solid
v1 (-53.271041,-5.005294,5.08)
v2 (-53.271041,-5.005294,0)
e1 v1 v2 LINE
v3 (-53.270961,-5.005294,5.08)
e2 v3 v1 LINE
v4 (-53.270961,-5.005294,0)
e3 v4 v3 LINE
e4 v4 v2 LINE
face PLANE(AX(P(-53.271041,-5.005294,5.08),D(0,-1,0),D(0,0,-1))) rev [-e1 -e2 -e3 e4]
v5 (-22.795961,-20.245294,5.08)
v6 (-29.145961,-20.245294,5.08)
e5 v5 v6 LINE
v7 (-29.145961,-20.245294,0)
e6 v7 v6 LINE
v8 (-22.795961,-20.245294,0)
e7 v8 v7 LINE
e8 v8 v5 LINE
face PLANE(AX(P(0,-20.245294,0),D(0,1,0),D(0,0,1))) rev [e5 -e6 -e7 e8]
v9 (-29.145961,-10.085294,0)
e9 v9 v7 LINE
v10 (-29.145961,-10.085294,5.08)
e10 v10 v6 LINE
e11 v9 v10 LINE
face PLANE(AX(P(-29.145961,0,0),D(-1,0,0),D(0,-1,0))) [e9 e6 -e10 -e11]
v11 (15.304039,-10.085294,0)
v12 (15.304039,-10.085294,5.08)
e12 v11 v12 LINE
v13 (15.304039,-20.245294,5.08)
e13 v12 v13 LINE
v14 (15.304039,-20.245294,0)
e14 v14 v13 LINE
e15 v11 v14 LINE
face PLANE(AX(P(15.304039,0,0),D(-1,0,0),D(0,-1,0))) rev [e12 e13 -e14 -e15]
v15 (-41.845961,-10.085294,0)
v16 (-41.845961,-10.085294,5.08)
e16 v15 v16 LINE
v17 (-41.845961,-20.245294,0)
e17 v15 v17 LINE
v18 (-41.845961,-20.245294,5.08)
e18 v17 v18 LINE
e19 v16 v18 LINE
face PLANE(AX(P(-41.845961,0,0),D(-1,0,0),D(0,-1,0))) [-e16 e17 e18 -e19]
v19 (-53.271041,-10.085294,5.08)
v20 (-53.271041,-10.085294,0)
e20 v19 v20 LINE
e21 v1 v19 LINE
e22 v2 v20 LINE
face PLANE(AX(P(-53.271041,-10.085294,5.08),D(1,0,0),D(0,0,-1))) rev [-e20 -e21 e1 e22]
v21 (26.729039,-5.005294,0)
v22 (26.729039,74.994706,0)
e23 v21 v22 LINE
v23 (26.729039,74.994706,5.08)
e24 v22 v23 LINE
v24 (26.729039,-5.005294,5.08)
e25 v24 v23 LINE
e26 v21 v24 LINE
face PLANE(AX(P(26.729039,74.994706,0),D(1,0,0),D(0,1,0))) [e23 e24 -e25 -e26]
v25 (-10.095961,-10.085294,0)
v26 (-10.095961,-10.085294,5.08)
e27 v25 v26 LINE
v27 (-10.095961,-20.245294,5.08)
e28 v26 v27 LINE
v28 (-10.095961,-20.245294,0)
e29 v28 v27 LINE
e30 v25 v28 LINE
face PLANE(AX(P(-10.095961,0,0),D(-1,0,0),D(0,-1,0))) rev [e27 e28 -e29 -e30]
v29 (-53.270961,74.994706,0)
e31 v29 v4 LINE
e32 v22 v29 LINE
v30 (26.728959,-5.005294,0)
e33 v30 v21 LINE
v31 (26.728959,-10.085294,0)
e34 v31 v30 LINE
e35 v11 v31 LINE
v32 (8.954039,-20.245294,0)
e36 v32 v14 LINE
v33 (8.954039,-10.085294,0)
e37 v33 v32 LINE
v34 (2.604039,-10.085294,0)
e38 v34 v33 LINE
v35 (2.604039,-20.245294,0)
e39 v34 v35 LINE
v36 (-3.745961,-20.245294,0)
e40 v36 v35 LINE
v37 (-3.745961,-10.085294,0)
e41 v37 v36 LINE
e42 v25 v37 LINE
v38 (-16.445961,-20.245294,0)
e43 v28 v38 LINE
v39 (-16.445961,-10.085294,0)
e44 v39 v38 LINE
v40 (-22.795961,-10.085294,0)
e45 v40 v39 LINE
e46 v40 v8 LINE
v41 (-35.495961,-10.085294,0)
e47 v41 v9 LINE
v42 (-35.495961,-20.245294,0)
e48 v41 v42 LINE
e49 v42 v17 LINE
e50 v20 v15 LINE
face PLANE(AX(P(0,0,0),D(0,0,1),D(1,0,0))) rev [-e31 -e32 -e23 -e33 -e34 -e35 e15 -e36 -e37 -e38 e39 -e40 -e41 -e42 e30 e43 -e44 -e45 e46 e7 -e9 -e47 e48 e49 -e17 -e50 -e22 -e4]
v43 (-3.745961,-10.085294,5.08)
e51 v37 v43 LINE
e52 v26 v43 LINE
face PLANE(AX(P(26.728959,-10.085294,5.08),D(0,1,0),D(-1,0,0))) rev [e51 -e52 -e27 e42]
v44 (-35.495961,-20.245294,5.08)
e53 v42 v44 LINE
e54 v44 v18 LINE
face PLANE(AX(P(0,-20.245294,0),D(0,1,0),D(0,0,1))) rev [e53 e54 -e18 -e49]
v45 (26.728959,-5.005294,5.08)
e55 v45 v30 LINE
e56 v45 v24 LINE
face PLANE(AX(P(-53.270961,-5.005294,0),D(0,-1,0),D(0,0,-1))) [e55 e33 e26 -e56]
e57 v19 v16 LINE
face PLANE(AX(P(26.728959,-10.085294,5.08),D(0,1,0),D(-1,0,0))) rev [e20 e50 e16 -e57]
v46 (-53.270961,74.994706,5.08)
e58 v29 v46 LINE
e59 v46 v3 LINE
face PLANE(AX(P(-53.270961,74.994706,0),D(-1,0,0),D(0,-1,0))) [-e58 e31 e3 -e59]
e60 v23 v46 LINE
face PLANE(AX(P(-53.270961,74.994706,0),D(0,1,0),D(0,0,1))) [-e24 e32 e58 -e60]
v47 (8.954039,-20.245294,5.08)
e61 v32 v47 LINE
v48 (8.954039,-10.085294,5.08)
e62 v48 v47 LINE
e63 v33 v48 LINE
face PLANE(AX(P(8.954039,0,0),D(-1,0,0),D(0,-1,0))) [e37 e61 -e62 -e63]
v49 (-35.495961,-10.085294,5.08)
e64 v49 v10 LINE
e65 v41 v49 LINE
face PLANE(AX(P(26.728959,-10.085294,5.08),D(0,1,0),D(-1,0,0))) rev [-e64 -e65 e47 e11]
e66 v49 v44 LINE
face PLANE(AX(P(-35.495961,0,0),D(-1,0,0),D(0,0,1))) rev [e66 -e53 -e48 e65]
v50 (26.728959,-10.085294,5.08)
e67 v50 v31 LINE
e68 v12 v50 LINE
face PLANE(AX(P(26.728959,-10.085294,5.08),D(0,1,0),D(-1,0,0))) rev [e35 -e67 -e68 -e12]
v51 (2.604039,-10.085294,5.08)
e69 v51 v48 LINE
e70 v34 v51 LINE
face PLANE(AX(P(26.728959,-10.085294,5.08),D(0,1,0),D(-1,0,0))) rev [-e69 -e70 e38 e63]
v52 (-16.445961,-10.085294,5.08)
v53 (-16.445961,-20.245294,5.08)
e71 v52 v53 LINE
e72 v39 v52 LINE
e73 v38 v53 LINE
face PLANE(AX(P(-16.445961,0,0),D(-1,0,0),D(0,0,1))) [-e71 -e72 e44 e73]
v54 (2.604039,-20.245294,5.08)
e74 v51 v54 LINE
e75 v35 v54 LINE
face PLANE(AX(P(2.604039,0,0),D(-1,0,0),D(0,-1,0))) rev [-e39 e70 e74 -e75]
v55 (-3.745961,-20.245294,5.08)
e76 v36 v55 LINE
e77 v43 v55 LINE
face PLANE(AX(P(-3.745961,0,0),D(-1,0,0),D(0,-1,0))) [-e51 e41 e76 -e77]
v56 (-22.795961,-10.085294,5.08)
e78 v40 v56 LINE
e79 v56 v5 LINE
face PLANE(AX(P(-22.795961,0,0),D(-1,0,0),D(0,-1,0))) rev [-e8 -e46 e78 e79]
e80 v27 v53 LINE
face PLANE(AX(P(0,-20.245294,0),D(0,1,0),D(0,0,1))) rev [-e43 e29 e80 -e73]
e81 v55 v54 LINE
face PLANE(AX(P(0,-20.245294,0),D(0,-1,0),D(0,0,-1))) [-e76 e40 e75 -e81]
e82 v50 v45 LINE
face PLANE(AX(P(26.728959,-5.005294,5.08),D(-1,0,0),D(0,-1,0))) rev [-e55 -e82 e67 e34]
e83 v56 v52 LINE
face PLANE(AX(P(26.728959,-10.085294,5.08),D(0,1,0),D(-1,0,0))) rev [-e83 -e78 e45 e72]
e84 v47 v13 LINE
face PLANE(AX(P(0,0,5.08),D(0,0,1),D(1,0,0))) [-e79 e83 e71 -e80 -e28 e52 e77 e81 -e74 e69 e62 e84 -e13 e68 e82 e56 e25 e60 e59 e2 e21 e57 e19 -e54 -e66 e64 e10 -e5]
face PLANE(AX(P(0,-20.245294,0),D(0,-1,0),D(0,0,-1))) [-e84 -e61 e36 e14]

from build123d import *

# Parameters (mm, degrees)
BOSS_EXTRUDE1_DEPTH = 5.08
SKETCH2_W           = 6.35
SKETCH2_H           = 10.16
SKETCH2_W_2         = 3.175
BOSS_EXTRUDE2_DEPTH = 5.08
SKETCH3_W           = 80
SKETCH3_H           = 80
BOSS_EXTRUDE3_DEPTH = 5.08


with BuildPart() as part:
    # Sketch1 → Boss-Extrude1 (new body)
    with BuildSketch(Plane.XY):
        Polygon((-32.320960724, -5.005294118), (-32.320960724, 34.994705882), (5.779039276, 34.994705882), (5.779039276, -5.005294118), (26.728959276, -5.005294118), (26.728959276, -10.085294118), (-53.271040724, -10.085294118), (-53.271040724, -5.005294118), align=None)
    extrude(amount=BOSS_EXTRUDE1_DEPTH)

    # Sketch2 → Boss-Extrude2 (add)
    with BuildSketch(Plane.XY.offset(5.08)):
        with Locations((-38.670960724, -15.165294118)):
            Rectangle(SKETCH2_W, SKETCH2_H)
        with Locations((-25.970960724, -15.165294118)):
            Rectangle(SKETCH2_W, SKETCH2_H)
        with Locations((-14.858460724, -15.165294118)):
            Rectangle(SKETCH2_W_2, SKETCH2_H)
        with Locations((-11.683460724, -15.165294118)):
            Rectangle(SKETCH2_W_2, SKETCH2_H)
        with Locations((-0.570960724, -15.165294118)):
            Rectangle(SKETCH2_W, SKETCH2_H)
        with Locations((12.129039276, -15.165294118)):
            Rectangle(SKETCH2_W, SKETCH2_H)
    extrude(amount=-BOSS_EXTRUDE2_DEPTH)

    # Sketch3 → Boss-Extrude3 (add)
    with BuildSketch(Plane.XY.offset(5.08)):
        with Locations((-13.270960724, 34.994705882)):
            Rectangle(SKETCH3_W, SKETCH3_H)
    extrude(amount=-BOSS_EXTRUDE3_DEPTH)


solid = part.part
